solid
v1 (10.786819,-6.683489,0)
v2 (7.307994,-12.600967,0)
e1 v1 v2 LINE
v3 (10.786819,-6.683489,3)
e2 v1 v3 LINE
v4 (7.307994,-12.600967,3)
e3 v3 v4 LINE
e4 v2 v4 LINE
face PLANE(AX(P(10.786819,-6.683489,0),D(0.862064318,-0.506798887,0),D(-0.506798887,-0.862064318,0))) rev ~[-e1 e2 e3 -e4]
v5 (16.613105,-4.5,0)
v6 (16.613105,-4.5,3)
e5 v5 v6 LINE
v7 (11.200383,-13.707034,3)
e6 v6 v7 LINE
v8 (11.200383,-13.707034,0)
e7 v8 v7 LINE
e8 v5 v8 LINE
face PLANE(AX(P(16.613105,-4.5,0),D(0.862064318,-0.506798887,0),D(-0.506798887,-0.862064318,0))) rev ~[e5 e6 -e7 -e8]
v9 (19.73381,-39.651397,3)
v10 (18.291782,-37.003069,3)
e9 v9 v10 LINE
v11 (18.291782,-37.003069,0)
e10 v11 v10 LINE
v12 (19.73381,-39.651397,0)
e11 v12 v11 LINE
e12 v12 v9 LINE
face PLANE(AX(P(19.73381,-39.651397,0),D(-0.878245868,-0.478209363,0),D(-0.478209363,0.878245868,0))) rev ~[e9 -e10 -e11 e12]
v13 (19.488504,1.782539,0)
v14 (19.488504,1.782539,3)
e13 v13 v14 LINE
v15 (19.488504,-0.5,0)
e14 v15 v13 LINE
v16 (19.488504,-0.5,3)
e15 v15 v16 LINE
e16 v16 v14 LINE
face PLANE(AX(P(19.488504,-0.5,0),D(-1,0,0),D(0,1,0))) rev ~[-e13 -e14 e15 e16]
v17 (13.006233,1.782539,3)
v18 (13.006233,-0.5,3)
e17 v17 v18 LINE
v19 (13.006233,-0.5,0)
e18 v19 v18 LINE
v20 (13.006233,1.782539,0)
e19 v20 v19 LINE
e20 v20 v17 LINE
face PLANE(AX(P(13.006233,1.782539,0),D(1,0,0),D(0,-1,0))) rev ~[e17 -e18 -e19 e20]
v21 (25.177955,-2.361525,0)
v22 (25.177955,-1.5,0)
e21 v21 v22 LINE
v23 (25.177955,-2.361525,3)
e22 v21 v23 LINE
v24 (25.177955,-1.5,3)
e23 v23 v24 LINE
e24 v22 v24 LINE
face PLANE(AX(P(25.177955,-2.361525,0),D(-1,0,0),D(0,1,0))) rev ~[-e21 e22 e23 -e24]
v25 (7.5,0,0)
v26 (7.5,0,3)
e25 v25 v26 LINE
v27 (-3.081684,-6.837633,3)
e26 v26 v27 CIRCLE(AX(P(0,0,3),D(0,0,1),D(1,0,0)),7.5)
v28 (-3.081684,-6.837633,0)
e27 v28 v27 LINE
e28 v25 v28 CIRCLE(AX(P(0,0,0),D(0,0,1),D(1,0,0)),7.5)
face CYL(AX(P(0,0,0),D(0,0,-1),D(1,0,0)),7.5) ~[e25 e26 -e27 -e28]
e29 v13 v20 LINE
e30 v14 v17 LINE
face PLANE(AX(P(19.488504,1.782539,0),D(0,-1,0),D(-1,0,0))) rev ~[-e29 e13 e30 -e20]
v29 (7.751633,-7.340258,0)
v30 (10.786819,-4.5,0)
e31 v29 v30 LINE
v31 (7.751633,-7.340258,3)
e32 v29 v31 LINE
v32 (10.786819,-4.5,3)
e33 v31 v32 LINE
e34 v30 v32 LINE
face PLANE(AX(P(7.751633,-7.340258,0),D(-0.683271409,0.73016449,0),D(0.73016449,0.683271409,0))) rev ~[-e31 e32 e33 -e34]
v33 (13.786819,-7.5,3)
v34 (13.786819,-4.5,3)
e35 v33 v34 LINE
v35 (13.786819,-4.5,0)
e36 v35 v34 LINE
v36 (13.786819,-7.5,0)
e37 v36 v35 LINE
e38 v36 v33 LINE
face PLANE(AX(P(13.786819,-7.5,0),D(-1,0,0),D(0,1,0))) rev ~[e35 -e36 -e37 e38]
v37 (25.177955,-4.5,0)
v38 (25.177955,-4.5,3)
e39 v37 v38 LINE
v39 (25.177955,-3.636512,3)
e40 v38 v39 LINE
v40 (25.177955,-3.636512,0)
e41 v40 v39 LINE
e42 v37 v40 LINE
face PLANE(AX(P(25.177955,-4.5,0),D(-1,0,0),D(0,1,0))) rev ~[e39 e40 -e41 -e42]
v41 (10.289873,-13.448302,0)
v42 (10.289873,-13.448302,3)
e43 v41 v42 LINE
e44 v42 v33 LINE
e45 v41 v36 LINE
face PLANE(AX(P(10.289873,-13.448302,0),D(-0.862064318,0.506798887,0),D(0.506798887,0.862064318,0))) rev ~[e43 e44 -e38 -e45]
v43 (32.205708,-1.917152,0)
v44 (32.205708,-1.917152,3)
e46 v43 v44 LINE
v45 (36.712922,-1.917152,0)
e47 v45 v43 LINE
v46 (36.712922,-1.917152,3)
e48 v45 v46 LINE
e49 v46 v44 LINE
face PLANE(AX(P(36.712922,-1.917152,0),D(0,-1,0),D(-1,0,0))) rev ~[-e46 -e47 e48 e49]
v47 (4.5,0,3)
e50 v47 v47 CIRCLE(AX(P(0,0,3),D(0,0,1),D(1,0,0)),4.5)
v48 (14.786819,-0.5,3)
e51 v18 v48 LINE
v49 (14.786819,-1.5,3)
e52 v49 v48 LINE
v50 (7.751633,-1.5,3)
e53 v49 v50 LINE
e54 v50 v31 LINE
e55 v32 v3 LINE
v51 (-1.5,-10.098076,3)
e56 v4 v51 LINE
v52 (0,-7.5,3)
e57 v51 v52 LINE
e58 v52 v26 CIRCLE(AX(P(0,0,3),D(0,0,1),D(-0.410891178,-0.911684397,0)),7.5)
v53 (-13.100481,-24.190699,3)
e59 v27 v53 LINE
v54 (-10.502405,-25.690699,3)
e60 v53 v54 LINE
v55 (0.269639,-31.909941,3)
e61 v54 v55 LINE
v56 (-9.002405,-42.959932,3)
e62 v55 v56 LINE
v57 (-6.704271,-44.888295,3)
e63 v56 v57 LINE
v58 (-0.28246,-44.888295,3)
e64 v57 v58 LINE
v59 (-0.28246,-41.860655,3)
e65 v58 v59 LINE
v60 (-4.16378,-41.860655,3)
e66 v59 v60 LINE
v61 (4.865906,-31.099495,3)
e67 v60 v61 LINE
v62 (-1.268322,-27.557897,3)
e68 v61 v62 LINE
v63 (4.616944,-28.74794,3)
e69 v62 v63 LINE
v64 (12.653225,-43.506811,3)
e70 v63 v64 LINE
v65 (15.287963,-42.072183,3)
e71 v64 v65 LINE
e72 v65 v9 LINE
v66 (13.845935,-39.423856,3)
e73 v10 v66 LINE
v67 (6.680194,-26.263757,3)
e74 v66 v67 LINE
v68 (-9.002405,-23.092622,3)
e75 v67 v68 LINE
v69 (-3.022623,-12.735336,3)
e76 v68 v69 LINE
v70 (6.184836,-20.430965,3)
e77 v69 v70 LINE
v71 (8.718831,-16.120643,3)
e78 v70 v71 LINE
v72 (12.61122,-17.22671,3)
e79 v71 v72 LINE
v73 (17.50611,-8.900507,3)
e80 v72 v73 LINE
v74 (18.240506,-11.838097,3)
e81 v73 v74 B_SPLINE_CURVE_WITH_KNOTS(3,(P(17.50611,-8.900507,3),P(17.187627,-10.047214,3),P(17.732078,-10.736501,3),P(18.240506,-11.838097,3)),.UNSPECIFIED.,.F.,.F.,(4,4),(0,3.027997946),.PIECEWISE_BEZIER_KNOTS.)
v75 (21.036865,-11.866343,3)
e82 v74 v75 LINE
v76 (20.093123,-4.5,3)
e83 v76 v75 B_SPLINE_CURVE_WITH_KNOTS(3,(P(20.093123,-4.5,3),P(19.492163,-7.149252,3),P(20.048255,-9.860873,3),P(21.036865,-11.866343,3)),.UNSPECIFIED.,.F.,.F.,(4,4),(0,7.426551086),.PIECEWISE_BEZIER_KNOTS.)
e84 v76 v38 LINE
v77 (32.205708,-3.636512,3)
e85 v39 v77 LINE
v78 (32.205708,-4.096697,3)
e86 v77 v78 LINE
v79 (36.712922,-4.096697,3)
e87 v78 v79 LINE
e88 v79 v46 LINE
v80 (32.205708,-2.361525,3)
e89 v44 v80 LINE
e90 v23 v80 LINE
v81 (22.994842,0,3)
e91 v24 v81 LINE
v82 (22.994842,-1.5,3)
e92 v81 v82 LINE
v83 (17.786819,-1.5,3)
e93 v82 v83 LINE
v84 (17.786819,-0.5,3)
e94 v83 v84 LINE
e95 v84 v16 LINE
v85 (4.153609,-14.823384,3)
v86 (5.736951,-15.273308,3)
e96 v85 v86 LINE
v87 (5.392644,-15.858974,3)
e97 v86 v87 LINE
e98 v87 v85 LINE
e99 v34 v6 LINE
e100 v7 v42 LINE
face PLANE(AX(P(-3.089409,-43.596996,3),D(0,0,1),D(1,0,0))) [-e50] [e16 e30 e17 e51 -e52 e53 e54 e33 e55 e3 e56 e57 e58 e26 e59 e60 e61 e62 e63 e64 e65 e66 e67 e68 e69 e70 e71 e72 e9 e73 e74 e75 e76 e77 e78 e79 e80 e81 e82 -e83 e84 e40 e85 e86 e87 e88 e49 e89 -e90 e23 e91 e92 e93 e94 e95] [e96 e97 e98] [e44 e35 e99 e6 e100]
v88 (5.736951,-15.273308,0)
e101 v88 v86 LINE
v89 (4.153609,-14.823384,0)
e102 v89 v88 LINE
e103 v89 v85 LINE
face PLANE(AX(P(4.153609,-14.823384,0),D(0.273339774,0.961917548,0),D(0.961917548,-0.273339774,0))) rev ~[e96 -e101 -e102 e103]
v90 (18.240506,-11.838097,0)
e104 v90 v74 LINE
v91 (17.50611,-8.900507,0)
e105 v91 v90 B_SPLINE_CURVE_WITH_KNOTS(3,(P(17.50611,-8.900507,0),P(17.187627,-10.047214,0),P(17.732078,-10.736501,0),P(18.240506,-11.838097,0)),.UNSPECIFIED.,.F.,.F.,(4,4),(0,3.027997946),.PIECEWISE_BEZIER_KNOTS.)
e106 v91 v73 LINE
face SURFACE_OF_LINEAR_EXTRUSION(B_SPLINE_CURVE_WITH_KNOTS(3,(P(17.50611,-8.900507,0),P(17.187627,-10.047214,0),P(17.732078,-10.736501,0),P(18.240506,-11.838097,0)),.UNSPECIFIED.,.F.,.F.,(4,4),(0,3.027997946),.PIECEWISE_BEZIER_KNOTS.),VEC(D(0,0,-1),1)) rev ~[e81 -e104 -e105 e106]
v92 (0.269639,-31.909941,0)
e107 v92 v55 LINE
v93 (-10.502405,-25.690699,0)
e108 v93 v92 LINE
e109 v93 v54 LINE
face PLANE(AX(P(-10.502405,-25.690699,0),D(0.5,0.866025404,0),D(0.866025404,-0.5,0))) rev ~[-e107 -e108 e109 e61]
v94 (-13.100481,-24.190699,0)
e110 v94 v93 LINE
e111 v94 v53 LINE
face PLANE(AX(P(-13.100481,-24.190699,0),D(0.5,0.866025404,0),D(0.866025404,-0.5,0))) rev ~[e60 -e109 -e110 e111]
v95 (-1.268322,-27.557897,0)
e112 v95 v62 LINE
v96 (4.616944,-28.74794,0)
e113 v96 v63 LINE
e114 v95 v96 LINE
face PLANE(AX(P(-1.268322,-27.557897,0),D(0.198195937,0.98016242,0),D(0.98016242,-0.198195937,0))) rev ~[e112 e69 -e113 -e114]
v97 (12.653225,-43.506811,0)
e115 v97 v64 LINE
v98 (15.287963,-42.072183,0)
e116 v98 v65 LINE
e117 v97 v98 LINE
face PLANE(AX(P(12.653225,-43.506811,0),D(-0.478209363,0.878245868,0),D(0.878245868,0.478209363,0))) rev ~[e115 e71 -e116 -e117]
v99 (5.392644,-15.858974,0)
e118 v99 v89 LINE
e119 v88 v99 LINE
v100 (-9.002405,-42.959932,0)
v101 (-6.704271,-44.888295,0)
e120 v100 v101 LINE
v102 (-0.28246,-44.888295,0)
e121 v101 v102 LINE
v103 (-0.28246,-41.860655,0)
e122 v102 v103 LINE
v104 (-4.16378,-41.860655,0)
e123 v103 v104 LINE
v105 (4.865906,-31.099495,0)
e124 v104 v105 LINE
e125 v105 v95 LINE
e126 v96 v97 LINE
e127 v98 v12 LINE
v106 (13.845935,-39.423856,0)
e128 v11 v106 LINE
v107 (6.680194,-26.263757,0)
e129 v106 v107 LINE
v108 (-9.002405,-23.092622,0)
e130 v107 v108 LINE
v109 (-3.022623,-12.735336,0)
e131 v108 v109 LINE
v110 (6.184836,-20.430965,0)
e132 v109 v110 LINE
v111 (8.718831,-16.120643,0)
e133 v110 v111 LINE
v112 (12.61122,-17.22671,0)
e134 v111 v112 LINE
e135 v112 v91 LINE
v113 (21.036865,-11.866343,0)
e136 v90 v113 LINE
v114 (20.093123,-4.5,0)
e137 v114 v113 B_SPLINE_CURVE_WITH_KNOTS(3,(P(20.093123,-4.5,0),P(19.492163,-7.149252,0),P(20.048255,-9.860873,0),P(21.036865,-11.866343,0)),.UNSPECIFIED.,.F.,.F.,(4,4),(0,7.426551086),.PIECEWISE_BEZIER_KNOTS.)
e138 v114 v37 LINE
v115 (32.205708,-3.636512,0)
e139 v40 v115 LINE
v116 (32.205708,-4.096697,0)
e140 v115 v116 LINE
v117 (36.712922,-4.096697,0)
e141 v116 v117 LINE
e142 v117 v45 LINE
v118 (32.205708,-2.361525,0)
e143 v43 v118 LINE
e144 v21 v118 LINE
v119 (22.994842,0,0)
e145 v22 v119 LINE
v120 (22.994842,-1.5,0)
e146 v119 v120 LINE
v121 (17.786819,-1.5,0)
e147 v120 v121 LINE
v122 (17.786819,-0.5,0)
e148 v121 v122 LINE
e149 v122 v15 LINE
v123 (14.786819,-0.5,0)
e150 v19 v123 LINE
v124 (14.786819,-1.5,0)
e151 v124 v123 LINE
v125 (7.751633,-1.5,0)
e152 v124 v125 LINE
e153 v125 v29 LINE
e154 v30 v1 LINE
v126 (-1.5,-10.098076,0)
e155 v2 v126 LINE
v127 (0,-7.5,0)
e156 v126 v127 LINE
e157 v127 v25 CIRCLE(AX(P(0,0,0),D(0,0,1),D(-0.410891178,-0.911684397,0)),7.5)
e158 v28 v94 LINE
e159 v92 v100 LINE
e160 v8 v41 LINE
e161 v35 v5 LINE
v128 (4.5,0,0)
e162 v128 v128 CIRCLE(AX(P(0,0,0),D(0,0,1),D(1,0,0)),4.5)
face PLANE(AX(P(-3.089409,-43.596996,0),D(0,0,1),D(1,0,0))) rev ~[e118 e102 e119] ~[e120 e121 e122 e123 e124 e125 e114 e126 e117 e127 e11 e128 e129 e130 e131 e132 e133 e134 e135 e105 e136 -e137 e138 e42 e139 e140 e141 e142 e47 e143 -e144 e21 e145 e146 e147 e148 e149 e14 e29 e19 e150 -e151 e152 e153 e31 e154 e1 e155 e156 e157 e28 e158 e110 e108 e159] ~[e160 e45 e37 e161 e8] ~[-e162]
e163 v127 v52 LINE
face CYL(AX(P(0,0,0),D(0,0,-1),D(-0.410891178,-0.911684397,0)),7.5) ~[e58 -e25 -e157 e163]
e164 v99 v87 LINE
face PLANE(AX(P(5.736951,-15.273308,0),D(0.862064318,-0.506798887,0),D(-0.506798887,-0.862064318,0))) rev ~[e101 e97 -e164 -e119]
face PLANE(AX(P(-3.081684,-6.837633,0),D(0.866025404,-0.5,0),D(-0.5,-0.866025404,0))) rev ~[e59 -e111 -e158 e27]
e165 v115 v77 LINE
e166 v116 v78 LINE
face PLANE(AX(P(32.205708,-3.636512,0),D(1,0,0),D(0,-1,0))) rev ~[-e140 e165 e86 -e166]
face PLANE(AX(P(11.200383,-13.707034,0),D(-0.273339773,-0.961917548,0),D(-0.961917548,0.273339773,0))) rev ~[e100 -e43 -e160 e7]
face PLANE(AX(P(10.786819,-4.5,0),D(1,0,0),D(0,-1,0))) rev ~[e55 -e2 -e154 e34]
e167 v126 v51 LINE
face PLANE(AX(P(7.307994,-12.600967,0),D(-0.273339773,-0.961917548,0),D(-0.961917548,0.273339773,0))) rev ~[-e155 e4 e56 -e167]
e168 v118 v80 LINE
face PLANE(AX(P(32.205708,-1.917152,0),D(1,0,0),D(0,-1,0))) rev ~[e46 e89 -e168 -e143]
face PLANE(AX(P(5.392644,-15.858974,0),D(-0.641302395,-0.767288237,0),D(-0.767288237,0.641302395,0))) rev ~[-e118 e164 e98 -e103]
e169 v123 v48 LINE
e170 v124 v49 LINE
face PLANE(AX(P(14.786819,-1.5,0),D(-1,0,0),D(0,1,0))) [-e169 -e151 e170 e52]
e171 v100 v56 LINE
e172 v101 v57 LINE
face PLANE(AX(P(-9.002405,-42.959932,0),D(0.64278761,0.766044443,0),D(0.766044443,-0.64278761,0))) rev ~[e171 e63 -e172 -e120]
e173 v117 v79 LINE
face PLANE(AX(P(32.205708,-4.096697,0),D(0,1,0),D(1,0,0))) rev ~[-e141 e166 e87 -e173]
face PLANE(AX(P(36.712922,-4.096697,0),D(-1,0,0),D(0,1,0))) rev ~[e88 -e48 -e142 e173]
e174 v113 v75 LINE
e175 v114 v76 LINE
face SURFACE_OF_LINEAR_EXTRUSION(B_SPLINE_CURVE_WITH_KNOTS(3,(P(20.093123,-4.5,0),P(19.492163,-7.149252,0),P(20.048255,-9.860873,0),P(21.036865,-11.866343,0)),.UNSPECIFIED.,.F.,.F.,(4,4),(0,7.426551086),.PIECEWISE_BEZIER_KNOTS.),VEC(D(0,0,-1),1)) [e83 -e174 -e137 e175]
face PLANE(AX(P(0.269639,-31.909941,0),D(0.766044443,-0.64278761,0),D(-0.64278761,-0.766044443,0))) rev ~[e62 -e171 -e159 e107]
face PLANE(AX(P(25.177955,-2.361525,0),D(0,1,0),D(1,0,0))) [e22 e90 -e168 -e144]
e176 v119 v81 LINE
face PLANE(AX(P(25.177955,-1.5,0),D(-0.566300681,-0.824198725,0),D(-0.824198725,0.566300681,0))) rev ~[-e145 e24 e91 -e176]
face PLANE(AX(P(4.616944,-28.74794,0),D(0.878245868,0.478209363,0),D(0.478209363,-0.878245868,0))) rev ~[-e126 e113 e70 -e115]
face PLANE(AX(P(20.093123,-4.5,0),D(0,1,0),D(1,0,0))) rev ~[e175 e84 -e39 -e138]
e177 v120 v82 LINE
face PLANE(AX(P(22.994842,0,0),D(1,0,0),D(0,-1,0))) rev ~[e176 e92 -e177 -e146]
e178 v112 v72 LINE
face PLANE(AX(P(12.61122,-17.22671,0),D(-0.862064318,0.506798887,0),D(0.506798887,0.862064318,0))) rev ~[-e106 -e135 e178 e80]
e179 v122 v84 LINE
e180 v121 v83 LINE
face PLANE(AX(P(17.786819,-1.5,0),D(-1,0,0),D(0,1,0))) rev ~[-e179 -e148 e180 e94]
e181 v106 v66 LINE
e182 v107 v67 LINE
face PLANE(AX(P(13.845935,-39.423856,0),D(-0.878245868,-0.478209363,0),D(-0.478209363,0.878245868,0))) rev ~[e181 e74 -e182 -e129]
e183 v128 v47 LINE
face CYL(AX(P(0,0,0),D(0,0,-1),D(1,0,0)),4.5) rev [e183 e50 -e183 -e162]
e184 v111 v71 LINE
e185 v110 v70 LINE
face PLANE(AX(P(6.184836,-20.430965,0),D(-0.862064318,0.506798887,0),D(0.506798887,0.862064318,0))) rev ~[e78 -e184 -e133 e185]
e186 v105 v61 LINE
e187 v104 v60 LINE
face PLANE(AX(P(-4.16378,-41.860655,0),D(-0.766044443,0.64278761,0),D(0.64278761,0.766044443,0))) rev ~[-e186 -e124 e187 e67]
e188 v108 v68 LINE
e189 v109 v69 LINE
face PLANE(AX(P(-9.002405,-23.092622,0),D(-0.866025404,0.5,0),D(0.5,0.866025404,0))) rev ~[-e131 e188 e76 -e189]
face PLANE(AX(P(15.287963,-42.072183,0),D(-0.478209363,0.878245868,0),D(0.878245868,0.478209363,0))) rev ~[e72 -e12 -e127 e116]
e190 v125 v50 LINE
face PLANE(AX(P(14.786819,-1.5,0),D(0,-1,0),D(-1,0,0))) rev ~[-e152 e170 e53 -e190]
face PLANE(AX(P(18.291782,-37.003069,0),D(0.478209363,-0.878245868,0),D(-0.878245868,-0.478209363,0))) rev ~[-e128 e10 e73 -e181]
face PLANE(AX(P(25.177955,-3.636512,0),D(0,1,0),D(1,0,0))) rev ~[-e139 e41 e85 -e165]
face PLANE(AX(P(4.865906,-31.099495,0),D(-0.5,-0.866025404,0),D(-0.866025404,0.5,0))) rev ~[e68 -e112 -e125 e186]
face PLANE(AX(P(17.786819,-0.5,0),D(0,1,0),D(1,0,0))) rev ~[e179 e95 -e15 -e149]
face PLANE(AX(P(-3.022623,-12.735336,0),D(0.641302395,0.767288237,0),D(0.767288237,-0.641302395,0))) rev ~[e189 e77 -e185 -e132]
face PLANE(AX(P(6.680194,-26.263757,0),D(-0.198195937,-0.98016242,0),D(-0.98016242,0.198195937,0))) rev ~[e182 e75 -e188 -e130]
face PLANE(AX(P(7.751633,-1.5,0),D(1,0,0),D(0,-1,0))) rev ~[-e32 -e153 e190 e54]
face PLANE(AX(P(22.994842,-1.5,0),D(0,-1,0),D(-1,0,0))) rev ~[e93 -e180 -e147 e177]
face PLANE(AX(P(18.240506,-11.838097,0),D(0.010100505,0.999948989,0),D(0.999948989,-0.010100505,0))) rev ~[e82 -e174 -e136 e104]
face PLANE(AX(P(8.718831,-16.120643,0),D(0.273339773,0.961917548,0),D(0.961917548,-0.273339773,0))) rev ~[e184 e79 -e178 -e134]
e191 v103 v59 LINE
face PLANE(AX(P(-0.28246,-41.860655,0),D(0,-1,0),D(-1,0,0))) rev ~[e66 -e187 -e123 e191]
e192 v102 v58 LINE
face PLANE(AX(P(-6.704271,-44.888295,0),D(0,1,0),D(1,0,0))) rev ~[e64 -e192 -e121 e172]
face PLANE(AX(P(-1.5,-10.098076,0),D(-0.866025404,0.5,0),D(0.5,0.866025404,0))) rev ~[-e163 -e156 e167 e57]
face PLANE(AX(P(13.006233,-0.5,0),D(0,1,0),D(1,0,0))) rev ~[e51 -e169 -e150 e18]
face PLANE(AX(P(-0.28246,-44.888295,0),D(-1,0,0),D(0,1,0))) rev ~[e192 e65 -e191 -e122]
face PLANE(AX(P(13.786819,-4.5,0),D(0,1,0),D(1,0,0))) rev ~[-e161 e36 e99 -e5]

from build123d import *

# Parameters (mm, degrees)
F0_R     = 4.5
F0_W     = 3
F0_H     = 1
F0_W_2   = 7.0277534574
F0_H_2   = 1.2749875896
F1_DEPTH = 3


with BuildPart() as f1:
    # F0 (on Top) → F1 (new body)
    with BuildSketch(Plane.XY):
        Polygon((-4.1637797104, -41.8606549501), (-6.7042714065, -44.8882950559), (-0.2824602816, -44.8882950559), (-0.2824602816, -41.8606549501), align=None)
        Polygon((18.2917818669, -37.0030690839), (13.8459346985, -39.4238555835), (15.287962521, -42.0721830228), (19.7338096894, -39.6513965232), align=None)
        with BuildLine():
            Line((20.0931232855, -4.5), (17.5061095506, -8.9005073532))
            add(Edge.make_bspline(
                [(17.5061095506, -8.9005073532), (17.1876271966, -10.0472141246), (17.7320782095, -10.7365008444), (18.2405058295, -11.8380971253)],
                knots=[0, 0, 0, 0, 3.0279979464, 3.0279979464, 3.0279979464, 3.0279979464], degree=3))
            Line((18.2405058295, -11.8380971253), (21.0368651897, -11.8663432077))
            add(Edge.make_bspline(
                [(20.0931232855, -4.5), (19.4921626481, -7.1492516436), (20.0482551008, -9.8608732224), (21.0368651897, -11.8663432077)],
                knots=[0, 0, 0, 0, 7.4265510861, 7.4265510861, 7.4265510861, 7.4265510861], degree=3))
        make_face()
        Polygon((7.7516334131, -7.340258453), (10.7868194878, -4.5), (8.7868194878, -4.5), (8.7868194878, -1.5), (7.7516334131, -1.5), align=None)
        Polygon((22.9948423803, 0), (22.9948423803, -1.5), (25.1779548675, -1.5), align=None)
        Polygon((13.0062326789, -0.5), (14.7868194878, -0.5), (17.7868194878, -0.5), (19.4885041565, -0.5), (19.4885041565, 1.7825388878), (13.0062326789, 1.7825388878), align=None)
        Polygon((32.2057083249, -2.3615248501), (32.2057083249, -3.6365124397), (32.2057083249, -4.0966966189), (36.7129221559, -4.0966966189), (36.7129221559, -1.9171516178), (32.2057083249, -1.9171516178), align=None)
        with BuildLine():
            ThreePointArc((0, -7.5), (5.3033008589, -5.3033008589), (7.5, 0))
            ThreePointArc((7.5, 0), (-4.0704650366, 6.2993106279), (-3.0816838363, -6.8376329774))
            ThreePointArc((-3.0816838363, -6.8376329774), (-1.5760318318, -7.3325386917), (0, -7.5))
        make_face()
        Circle(F0_R, mode=Mode.SUBTRACT)
        Polygon((-1.2683224195, -27.5578969), (-10.5024047358, -25.6906986041), (0.2696389092, -31.9099409022), (-9.0024047358, -42.9599322269), (-6.7042714065, -44.8882950559), (-4.1637797104, -41.8606549501), (4.8659055679, -31.0994950798), align=None)
        Polygon((6.6801939907, -26.2637573918), (-9.0024047358, -23.0926223927), (-1.2683224195, -27.5578969), (4.616944438, -28.7479404659), (12.6532249158, -43.5068111111), (15.287962521, -42.0721830228), (13.8459346985, -39.4238555835), align=None)
        with Locations((16.2868194878, -1)):
            Rectangle(F0_W, F0_H)
        with Locations((28.6918315962, -2.9990186449)):
            Rectangle(F0_W_2, F0_H_2)
        with BuildLine():
            ThreePointArc((0, -7.5), (-1.5760318318, -7.3325386917), (-3.0816838363, -6.8376329774))
            Line((-3.0816838363, -6.8376329774), (-13.1004809472, -24.1906986041))
            Line((-13.1004809472, -24.1906986041), (-10.5024047358, -25.6906986041))
            Line((-10.5024047358, -25.6906986041), (-9.0024047358, -23.0926223927))
            Line((-9.0024047358, -23.0926223927), (-3.0226226668, -12.7353360311))
            Line((-3.0226226668, -12.7353360311), (-1.5, -10.0980762114))
            Line((-1.5, -10.0980762114), (0, -7.5))
        make_face()
        Polygon((-9.0024047358, -23.0926223927), (-10.5024047358, -25.6906986041), (-1.2683224195, -27.5578969), align=None)
        Polygon((7.3079936046, -12.6009674235), (-1.5, -10.0980762114), (4.1536087006, -14.8233836279), (5.7369513921, -15.2733083993), align=None)
        Polygon((10.7868194878, -6.6834886435), (7.3079936046, -12.6009674235), (10.2898728273, -13.4483022011), (13.7868194878, -7.5), (13.7868194878, -4.5), (10.7868194878, -4.5), align=None)
        Polygon((4.1536087006, -14.8233836279), (-1.5, -10.0980762114), (-3.0226226668, -12.7353360311), (6.1848361783, -20.4309647653), (8.7188306148, -16.1206431769), (5.7369513921, -15.2733083993), (5.3926443474, -15.8589742818), align=None)
        Polygon((10.2898728273, -13.4483022011), (7.3079936046, -12.6009674235), (5.7369513921, -15.2733083993), (8.7188306148, -16.1206431769), align=None)
        Polygon((11.2003825099, -13.7070338471), (10.2898728273, -13.4483022011), (8.7188306148, -16.1206431769), (12.61121952, -17.2267096005), (17.5061095506, -8.9005073532), (20.0931232855, -4.5), (16.613104523, -4.5), align=None)
        Polygon((8.7868194878, -4.5), (10.7868194878, -4.5), (13.7868194878, -4.5), (16.613104523, -4.5), (20.0931232855, -4.5), (25.1779548675, -4.5), (25.1779548675, -3.6365124397), (25.1779548675, -2.3615248501), (25.1779548675, -1.5), (22.9948423803, -1.5), (17.7868194878, -1.5), (14.7868194878, -1.5), (8.7868194878, -1.5), align=None)
    extrude(amount=F1_DEPTH)


solid = f1.part
